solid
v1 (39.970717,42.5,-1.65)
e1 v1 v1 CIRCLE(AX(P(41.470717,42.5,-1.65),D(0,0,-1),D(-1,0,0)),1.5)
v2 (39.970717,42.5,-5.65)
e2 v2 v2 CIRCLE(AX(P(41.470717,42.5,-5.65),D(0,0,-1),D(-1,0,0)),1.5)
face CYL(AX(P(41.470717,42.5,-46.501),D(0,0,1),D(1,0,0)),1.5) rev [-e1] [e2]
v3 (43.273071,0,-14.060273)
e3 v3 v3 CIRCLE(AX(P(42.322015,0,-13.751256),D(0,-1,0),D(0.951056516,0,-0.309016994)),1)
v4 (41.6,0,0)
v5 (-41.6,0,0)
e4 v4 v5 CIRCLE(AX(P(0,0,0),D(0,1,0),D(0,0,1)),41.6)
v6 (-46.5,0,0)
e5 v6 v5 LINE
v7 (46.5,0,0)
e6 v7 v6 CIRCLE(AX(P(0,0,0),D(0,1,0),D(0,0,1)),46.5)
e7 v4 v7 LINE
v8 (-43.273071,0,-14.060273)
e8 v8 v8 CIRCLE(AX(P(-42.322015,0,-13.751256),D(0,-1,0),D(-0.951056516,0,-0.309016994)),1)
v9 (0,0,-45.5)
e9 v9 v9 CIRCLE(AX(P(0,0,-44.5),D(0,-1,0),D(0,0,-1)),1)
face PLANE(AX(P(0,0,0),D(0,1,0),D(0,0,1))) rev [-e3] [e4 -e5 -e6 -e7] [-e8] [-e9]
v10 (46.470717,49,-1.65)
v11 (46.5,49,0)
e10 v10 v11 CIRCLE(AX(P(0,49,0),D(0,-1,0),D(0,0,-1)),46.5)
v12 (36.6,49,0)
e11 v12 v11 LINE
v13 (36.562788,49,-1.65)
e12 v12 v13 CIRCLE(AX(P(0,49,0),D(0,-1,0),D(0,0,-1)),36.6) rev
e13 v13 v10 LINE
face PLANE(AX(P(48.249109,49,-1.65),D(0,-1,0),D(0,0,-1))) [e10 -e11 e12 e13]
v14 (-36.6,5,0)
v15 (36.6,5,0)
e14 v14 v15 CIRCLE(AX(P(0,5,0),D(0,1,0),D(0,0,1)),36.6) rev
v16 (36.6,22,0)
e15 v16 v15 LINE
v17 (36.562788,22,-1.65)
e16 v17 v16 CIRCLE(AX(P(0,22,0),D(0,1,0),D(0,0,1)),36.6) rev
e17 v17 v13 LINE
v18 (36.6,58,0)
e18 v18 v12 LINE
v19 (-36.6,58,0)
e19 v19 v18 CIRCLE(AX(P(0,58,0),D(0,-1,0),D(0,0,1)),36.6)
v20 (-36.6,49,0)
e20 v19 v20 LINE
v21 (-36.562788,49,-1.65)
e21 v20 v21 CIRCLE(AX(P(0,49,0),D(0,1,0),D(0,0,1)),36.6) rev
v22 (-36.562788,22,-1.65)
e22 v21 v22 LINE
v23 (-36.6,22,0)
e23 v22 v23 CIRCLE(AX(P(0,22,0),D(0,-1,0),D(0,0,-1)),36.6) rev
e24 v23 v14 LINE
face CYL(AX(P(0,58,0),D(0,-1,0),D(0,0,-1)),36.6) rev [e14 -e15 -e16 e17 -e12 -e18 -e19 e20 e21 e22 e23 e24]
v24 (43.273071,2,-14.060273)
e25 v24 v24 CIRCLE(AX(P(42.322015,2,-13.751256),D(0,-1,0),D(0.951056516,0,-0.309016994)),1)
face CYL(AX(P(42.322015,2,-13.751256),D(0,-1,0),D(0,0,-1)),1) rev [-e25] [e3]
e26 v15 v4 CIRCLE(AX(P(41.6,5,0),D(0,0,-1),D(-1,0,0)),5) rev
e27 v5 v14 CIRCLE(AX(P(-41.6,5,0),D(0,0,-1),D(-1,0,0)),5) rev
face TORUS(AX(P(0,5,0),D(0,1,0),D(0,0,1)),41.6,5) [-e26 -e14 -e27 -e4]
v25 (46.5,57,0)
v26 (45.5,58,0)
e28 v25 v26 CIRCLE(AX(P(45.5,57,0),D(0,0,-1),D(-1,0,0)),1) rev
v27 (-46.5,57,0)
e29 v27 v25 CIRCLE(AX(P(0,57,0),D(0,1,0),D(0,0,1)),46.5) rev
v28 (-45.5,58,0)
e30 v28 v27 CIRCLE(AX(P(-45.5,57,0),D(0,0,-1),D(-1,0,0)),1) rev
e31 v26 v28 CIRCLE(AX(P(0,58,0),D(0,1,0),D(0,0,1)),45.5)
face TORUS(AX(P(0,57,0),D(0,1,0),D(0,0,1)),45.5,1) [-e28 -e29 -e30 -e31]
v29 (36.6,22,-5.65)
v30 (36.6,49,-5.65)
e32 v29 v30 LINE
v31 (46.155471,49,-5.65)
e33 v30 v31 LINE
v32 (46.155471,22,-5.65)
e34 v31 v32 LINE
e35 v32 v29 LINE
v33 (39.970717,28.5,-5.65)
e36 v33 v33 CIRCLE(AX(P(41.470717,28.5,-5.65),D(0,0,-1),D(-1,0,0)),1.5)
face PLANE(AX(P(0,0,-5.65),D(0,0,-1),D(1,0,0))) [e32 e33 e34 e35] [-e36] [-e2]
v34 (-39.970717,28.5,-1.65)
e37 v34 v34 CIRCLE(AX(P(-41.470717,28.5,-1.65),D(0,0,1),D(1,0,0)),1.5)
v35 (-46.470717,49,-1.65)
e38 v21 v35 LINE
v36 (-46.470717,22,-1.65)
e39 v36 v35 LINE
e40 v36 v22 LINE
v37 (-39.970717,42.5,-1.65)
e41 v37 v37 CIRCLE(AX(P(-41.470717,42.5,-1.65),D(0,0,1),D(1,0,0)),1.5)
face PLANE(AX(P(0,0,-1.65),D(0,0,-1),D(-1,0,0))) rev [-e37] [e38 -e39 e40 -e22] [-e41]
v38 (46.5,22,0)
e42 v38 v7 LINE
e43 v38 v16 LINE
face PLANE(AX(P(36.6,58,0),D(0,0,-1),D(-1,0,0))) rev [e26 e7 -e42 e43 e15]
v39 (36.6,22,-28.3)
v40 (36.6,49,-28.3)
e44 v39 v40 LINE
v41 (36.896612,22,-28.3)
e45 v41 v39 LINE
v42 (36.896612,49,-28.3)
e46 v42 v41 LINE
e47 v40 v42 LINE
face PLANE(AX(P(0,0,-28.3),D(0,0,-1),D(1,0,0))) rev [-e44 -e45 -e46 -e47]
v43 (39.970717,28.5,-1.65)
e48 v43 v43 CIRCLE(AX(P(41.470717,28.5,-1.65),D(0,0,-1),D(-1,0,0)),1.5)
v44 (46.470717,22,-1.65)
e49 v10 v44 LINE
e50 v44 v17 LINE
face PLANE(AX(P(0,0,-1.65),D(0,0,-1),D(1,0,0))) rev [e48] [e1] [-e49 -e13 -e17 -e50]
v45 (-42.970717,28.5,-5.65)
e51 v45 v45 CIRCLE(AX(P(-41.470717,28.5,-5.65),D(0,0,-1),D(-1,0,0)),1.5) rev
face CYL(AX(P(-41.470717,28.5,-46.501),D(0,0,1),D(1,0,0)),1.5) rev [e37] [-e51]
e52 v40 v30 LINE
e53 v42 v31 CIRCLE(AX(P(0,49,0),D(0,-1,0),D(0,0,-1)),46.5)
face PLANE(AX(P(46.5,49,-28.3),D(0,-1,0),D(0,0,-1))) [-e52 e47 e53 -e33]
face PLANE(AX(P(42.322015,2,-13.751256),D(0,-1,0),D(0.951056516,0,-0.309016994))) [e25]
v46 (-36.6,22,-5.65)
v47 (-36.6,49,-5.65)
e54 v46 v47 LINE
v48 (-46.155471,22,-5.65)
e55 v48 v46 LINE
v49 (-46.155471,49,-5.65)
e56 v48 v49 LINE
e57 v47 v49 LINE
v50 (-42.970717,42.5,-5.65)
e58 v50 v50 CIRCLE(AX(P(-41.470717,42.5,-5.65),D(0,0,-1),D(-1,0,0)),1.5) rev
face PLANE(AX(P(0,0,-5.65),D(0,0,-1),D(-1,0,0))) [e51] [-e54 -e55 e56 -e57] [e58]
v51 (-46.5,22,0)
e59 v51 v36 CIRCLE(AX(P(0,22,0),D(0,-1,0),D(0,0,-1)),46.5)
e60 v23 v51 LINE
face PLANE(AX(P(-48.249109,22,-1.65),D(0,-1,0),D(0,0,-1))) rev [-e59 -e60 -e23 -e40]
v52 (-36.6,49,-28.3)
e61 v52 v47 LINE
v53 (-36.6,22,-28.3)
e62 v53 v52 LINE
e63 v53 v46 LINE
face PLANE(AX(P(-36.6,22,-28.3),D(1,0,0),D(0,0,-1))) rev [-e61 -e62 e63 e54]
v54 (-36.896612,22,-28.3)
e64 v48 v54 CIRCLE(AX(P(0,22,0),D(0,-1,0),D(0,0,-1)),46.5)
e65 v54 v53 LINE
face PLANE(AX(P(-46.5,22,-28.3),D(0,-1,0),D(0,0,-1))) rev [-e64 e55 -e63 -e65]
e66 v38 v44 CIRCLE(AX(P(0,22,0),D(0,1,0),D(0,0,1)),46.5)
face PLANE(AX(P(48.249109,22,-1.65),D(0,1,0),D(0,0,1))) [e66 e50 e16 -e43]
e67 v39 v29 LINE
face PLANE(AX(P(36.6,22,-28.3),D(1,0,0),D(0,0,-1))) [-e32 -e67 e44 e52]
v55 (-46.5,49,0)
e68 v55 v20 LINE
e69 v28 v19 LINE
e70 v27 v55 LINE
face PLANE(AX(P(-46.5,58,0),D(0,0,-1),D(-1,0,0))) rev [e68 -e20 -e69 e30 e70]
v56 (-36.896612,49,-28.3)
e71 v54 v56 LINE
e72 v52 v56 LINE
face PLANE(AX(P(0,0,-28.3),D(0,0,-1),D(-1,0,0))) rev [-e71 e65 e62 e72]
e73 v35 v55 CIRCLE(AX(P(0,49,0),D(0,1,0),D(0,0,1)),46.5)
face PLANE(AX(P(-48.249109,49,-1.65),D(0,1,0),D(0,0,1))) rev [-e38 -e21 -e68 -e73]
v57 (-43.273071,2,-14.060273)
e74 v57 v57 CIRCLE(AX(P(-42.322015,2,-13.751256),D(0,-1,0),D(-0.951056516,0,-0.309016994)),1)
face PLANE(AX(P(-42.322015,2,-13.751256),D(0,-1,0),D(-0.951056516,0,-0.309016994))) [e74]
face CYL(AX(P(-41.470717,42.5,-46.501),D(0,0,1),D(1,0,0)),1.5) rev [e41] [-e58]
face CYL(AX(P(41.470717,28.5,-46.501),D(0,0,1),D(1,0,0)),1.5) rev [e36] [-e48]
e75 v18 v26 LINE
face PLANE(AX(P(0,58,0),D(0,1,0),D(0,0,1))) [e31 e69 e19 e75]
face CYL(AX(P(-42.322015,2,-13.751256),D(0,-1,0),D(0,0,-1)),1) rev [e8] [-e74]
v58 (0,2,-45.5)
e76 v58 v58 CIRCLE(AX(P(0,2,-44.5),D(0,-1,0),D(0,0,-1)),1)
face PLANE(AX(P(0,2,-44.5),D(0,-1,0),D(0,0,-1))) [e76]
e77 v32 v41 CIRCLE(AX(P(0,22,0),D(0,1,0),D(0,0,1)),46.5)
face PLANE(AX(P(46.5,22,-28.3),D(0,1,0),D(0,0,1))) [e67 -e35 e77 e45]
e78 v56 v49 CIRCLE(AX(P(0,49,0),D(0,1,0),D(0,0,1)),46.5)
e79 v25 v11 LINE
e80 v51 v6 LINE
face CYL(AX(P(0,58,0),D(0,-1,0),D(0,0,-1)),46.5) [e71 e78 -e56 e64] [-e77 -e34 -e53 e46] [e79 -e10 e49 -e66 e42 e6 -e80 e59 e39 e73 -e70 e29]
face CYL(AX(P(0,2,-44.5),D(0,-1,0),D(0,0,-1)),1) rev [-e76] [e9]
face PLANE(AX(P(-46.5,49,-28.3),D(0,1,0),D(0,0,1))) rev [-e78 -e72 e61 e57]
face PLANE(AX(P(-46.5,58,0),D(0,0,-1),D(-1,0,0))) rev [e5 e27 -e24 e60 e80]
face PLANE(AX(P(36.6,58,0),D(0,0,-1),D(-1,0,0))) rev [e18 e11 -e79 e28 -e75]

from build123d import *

# Parameters (mm, degrees)
EXTRUDE_1_DEPTH          = 58
FILLET_1_R               = 5
SKETCH_2_W               = 14.1984483
SKETCH_2_H               = 27
CUT_EXTRUDE_1_DEPTH      = 1.65
CUT_EXTRUDE_START        = -22.111141
SKETCH_3_R               = 1.5
CUT_EXTRUDE_2_DEPTH      = 22.111141
SKETCH_5_W               = 9.9
SKETCH_5_H               = 27
CUT_EXTRUDE_3_DEPTH      = 22.65
FILLET_2_R               = 1
EXTRUDE_2_DEPTH          = 10
SKETCH_9_R               = 1
CUT_EXTRUDE_4_DEPTH      = 2
PATTERN_CIRCULAR_1_COUNT = 5


with BuildPart() as part:
    # 草图1 → 凸台-拉伸1 (new body)
    with BuildSketch(Plane(origin=(0, 0, 0), x_dir=(1, 0, 0), z_dir=(0, 1, 0))):
        with BuildLine():
            Line((-46.5, 0), (-36.6, 0))
            ThreePointArc((-36.6, 0), (0, 36.6), (36.6, 0))
            Line((36.6, 0), (46.5, 0))
            ThreePointArc((46.5, 0), (0, 46.5), (-46.5, 0))
        make_face()
    extrude(amount=EXTRUDE_1_DEPTH)

    # 圆角1
    fillet_1_edges = [part.edges().sort_by_distance(p)[0] for p in [
        (0, 0, -36.6),
    ]]
    fillet(fillet_1_edges, radius=FILLET_1_R)

    # 草图2 → 切除-拉伸1 (cut)
    with BuildSketch(Plane.XY):
        with Locations((-41.149885232, 35.5)):
            Rectangle(SKETCH_2_W, SKETCH_2_H)
    cut_extrude_1 = extrude(amount=-CUT_EXTRUDE_1_DEPTH, mode=Mode.SUBTRACT)

    # 草图3 → 切除-拉伸2 (cut)
    with BuildSketch(Plane.XY.offset(-1.65).offset(CUT_EXTRUDE_START)):
        with Locations((-41.470716586, 28.5)):
            Circle(SKETCH_3_R)
        with Locations((-41.470716586, 42.5)):
            Circle(SKETCH_3_R)
    cut_extrude_2 = extrude(amount=CUT_EXTRUDE_2_DEPTH, mode=Mode.SUBTRACT)

    # 草图5 → 切除-拉伸3 (cut)
    with BuildSketch(Plane.XY.offset(-5.65)):
        with Locations((-41.55, 35.5)):
            Rectangle(SKETCH_5_W, SKETCH_5_H)
    cut_extrude_3 = extrude(amount=-CUT_EXTRUDE_3_DEPTH, mode=Mode.SUBTRACT)

    # 镜向2: 切除-拉伸1, 切除-拉伸2, 切除-拉伸3 across plane
    add(cut_extrude_1.mirror(Plane(origin=(0, 0, 0), x_dir=(0, 0, 1), z_dir=(1, 0, 0))), mode=Mode.SUBTRACT)
    add(cut_extrude_2.mirror(Plane(origin=(0, 0, 0), x_dir=(0, 0, 1), z_dir=(1, 0, 0))), mode=Mode.SUBTRACT)
    add(cut_extrude_3.mirror(Plane(origin=(0, 0, 0), x_dir=(0, 0, 1), z_dir=(1, 0, 0))), mode=Mode.SUBTRACT)

    # 圆角2
    fillet_2_edges = [part.edges().sort_by_distance(p)[0] for p in [
        (0, 58, -46.5),
    ]]
    fillet(fillet_2_edges, radius=FILLET_2_R)

    # 草图8 → 凸台-拉伸2 (add)
    with BuildSketch(Plane.XZ):
        with BuildLine():
            Line((0, -41.6), (0, -46.5))
            ThreePointArc((0, -46.5), (-2.433621965, -46.436273366), (-4.860573542, -46.245268135))
            Line((-4.860573542, -46.245268135), (-4.348384072, -41.372110847))
            ThreePointArc((-4.348384072, -41.372110847), (-2.17717578, -41.542988646), (0, -41.6))
        make_face()
    extrude(amount=-EXTRUDE_2_DEPTH)

    # 草图9 → 切除-拉伸4 (cut)
    with BuildSketch(Plane.XZ):
        with Locations((0, -44.5)):
            Circle(SKETCH_9_R)
    cut_extrude_4 = extrude(amount=-CUT_EXTRUDE_4_DEPTH, mode=Mode.SUBTRACT)

    # 阵列(圆周)1: 切除-拉伸4 ×5 about axis
    pattern_circular_1_axis = Axis((0, 0, 0), (0, 1, 0))
    for i in range(1, PATTERN_CIRCULAR_1_COUNT):
        add(cut_extrude_4.rotate(pattern_circular_1_axis, i * 360 / PATTERN_CIRCULAR_1_COUNT), mode=Mode.SUBTRACT)


solid = part.part
